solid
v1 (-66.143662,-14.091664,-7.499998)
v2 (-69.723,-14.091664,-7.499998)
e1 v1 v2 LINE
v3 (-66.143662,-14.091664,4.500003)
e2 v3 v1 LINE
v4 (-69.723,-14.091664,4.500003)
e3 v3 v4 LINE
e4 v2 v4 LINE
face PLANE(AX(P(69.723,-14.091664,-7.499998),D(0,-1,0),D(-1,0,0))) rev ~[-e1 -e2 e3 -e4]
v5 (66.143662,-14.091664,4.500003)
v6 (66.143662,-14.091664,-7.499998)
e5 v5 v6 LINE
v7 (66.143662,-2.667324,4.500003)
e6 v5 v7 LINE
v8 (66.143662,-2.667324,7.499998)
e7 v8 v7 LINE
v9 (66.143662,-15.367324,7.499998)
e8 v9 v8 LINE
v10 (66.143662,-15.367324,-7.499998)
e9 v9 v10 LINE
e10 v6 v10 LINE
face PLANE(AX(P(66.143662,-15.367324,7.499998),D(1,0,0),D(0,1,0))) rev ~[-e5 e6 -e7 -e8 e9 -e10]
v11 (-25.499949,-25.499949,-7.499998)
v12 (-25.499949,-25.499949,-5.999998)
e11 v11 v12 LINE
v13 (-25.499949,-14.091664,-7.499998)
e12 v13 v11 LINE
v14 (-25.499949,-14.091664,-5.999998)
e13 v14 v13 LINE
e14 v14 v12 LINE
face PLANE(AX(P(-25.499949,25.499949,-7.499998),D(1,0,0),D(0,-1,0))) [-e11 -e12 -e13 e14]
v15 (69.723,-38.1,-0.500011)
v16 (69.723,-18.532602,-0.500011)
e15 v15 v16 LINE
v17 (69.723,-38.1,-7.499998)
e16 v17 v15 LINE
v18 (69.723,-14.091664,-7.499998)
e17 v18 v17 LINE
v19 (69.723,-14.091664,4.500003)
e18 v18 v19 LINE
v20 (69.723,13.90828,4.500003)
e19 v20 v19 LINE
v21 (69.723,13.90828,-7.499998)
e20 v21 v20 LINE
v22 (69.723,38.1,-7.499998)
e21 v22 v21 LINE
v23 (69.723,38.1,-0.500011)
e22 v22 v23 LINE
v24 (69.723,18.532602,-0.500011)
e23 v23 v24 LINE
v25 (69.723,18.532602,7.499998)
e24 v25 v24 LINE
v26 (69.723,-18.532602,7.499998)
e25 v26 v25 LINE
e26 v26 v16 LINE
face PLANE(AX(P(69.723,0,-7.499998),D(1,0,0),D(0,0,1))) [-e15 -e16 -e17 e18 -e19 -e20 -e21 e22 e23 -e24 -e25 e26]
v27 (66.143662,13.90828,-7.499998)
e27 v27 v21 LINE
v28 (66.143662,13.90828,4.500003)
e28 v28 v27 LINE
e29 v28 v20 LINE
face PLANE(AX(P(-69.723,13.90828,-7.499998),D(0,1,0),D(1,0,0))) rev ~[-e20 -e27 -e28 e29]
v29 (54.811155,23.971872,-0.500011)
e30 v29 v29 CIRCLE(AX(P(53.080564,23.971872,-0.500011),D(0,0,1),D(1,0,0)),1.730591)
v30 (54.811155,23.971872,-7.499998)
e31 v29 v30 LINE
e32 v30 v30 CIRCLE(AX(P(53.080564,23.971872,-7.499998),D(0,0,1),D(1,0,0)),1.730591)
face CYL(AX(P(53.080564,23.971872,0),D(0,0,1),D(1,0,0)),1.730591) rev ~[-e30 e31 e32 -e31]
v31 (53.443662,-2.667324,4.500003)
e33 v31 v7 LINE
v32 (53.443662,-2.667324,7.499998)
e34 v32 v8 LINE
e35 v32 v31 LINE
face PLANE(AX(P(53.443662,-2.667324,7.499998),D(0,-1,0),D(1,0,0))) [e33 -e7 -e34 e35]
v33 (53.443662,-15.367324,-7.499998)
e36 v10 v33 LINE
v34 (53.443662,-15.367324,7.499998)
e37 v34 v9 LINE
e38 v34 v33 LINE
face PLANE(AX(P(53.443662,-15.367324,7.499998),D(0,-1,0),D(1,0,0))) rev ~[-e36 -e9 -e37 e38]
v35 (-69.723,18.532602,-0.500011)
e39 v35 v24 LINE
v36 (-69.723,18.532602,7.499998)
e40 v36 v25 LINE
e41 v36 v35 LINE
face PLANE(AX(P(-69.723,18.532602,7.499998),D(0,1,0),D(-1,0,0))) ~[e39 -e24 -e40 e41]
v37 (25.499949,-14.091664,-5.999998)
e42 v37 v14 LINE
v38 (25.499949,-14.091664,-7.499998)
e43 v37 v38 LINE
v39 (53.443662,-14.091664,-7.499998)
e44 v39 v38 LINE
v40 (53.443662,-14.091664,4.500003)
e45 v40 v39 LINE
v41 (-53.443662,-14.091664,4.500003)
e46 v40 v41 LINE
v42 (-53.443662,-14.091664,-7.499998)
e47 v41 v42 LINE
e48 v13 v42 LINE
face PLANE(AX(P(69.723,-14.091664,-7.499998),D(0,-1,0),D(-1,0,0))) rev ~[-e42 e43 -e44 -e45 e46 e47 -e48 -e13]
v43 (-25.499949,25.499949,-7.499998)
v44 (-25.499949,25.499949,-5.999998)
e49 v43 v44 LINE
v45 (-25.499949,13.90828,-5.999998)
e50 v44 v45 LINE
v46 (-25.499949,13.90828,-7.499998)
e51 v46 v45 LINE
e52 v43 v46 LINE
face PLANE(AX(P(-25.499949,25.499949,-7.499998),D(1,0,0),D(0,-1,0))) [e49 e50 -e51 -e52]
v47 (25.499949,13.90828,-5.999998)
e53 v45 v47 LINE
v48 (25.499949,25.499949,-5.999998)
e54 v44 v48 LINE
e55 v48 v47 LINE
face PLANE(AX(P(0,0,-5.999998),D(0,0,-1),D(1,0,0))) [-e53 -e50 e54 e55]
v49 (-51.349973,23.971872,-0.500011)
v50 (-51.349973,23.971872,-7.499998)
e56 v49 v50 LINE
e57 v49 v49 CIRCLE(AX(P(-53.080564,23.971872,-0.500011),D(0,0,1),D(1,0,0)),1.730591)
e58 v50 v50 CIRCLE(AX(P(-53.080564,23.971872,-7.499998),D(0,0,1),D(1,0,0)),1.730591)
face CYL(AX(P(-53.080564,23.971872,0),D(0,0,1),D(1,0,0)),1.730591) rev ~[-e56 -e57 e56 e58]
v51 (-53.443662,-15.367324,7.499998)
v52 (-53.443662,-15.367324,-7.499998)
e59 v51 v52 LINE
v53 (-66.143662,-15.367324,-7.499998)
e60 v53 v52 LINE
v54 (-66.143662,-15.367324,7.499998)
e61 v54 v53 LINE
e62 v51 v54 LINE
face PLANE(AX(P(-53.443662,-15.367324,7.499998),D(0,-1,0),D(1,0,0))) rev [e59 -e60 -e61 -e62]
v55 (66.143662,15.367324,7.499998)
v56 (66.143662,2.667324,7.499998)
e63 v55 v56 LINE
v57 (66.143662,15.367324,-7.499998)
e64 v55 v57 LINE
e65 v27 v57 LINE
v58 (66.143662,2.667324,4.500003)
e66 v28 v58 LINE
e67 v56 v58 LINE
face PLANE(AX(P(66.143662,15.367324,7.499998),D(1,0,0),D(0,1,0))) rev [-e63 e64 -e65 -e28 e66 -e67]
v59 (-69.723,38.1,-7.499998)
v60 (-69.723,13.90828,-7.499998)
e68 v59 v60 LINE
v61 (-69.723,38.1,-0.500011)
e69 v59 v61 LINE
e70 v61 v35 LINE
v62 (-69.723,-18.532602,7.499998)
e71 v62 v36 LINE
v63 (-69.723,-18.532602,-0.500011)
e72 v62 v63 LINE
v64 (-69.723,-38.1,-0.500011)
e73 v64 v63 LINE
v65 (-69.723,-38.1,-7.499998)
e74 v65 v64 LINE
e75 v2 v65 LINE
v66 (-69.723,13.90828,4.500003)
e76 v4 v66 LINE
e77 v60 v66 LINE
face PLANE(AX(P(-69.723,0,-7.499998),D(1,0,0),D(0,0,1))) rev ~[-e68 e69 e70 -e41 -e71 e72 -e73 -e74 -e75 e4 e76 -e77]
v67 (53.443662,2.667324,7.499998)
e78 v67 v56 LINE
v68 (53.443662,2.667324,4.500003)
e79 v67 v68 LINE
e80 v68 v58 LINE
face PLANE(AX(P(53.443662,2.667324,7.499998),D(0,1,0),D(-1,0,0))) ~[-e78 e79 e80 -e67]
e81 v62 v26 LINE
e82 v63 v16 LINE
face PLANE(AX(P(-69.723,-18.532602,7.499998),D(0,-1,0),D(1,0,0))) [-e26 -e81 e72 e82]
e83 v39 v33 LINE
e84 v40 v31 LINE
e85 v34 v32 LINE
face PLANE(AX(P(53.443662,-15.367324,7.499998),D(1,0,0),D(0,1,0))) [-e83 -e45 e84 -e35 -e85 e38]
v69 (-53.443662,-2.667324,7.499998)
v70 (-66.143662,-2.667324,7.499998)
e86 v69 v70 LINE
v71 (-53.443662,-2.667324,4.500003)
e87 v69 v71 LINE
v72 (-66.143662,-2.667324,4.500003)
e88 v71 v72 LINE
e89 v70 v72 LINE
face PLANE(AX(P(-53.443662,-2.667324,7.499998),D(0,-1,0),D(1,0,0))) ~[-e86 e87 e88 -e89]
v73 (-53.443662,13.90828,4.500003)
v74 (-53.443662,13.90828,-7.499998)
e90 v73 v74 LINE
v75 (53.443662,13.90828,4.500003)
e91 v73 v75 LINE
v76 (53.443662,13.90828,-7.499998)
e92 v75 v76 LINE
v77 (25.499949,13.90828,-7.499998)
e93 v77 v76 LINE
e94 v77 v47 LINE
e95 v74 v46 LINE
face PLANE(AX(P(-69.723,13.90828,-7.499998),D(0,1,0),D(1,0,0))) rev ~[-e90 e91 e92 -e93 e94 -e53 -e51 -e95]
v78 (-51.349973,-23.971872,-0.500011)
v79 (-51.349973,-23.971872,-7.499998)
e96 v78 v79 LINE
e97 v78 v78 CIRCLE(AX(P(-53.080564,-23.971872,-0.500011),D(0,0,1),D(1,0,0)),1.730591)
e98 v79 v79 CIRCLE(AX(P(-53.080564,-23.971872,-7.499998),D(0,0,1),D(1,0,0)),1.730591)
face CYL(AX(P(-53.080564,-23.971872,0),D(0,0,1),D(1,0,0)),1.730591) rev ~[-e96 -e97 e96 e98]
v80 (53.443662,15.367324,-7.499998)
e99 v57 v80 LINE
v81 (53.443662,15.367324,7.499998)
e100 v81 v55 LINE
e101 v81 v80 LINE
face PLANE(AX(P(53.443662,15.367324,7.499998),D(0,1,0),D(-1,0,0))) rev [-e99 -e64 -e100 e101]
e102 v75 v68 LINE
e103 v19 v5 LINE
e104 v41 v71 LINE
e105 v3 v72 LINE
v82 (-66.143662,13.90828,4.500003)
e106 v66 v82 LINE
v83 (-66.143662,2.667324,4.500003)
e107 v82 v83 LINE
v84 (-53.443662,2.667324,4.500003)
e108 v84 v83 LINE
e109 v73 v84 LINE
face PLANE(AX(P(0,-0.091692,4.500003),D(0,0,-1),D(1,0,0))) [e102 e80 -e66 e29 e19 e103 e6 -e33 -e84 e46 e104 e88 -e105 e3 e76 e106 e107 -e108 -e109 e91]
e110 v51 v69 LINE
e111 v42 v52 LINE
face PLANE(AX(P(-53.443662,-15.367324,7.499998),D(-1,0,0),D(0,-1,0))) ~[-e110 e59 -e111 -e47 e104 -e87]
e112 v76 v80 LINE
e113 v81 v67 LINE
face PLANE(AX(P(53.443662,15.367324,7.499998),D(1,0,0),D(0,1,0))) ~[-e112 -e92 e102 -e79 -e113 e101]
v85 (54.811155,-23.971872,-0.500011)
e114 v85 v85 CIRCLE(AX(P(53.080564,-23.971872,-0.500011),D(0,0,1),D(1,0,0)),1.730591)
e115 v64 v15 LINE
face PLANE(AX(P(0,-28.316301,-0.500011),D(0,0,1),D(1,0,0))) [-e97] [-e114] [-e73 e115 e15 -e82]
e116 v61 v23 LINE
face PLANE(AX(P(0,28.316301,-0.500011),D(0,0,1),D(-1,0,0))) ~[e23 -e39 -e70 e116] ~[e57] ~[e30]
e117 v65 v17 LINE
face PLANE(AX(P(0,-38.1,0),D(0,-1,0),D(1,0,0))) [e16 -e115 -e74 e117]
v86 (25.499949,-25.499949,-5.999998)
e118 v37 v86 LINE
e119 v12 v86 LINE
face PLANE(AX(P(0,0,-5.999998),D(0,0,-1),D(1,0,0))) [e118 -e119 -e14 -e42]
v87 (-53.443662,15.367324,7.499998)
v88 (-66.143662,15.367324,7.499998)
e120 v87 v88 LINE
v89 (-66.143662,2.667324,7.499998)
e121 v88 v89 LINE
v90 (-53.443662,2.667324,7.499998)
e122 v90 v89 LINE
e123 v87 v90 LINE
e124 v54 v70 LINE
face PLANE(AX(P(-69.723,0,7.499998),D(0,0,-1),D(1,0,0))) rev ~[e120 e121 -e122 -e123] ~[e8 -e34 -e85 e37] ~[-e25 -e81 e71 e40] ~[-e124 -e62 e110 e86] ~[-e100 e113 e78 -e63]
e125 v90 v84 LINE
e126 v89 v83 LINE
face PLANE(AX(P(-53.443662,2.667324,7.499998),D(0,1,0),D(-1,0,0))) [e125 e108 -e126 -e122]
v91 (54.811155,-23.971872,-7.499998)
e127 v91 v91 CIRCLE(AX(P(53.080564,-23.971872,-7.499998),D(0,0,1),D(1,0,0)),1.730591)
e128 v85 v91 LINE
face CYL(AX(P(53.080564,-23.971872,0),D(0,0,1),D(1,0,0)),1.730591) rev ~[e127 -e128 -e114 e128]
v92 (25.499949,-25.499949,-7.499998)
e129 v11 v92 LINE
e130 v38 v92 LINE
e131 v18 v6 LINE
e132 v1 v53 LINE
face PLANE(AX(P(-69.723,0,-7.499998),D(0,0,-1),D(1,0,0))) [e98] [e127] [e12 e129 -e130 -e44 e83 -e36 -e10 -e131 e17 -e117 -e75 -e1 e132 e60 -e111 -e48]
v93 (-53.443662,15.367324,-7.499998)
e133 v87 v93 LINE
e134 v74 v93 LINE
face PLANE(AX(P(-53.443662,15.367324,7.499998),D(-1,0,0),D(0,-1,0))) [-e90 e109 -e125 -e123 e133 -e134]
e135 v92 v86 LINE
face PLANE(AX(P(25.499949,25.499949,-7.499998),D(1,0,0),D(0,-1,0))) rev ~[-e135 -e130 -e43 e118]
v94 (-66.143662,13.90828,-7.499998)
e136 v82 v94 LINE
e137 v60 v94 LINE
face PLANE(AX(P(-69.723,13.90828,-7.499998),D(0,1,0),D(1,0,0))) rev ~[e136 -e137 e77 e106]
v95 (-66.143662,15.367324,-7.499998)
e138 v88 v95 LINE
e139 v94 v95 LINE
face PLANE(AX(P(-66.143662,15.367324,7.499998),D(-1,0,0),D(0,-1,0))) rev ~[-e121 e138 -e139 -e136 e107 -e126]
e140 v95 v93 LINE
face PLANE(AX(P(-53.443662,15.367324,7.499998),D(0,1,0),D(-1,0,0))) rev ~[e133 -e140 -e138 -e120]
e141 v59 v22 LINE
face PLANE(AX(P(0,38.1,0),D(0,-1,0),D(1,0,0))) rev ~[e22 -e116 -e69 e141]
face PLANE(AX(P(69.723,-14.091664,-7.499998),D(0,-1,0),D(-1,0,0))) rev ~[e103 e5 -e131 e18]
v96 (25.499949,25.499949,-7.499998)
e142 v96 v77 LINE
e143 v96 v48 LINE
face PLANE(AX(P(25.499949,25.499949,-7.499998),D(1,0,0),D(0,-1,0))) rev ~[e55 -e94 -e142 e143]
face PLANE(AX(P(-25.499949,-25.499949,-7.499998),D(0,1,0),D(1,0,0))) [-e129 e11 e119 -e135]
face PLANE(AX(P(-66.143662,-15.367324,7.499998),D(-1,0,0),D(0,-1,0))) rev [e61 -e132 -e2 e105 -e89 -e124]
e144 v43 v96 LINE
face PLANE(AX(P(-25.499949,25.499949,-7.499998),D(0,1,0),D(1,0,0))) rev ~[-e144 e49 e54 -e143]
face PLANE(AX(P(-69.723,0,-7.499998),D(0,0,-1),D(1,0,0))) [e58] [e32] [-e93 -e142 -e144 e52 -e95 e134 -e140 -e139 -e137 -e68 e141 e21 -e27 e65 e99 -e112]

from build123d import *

# Parameters (mm, degrees)
F0_W      = 139.446
F0_H      = 14.999996
F1_DEPTH  = 38.1
F2_W      = 139.446
F2_H      = 19.567398
F3_DEPTH  = 8.000009
F5_W      = 12.7
F5_H      = 12.7
F6_DEPTH  = 21.844
F9_R      = 1.730591
F10_DEPTH = 42.164
F12_W     = 50.999898
F12_H     = 50.999898
F13_DEPTH = 1.5
F14_DEPTH = 12.000001


with BuildPart() as f1:
    # F0 (on Front) → F1 (new body, symmetric)
    with BuildSketch(Plane.XZ):
        Rectangle(F0_W, F0_H)
    extrude(amount=F1_DEPTH, both=True)

    # F2 (on face) → F3 (cut)
    with BuildSketch(Plane.XY.offset(7.499998)):
        with Locations((0, -28.316301)):
            Rectangle(F2_W, F2_H)
    extrude(amount=-F3_DEPTH, mode=Mode.SUBTRACT)

    # F4: F1 across plane


with BuildPart() as f1_1:
    add(f1.part)
    add(f1.part.mirror(Plane.XZ), mode=Mode.INTERSECT)

    # F5 (on face) → F6 (cut)
    with BuildSketch(Plane.XY.offset(7.499998)):
        with Locations((59.793662, -9.017324)):
            Rectangle(F5_W, F5_H)
    extrude(amount=-F6_DEPTH, mode=Mode.SUBTRACT)

    # F7: F1 across plane


with BuildPart() as f1_2:
    add(f1_1.part)
    add(f1_1.part.mirror(Plane.XZ), mode=Mode.INTERSECT)

    # F8: F1 across plane


with BuildPart() as f1_3:
    add(f1_2.part)
    add(f1_2.part.mirror(Plane.YZ), mode=Mode.INTERSECT)

    # F9 (on Top) → F10 (cut)
    with BuildSketch(Plane.XY):
        with Locations((53.080564, -23.971872)):
            Circle(F9_R)
        with Locations((53.080564, 23.971872)):
            Circle(F9_R)
        with Locations((-53.080564, 23.971872)):
            Circle(F9_R)
        with Locations((-53.080564, -23.971872)):
            Circle(F9_R)
    extrude(amount=-F10_DEPTH, mode=Mode.SUBTRACT)

    # F12 (on face) → F13 (cut)
    with BuildSketch(Plane(origin=(0, 0, -7.499998), x_dir=(1, 0, 0), z_dir=(0, 0, -1))):
        Rectangle(F12_W, F12_H)
    extrude(amount=-F13_DEPTH, mode=Mode.SUBTRACT)

    # F11 (on face) → F14 (cut)
    with BuildSketch(Plane(origin=(0, 0, -7.499998), x_dir=(1, 0, 0), z_dir=(0, 0, -1))):
        Polygon((69.723, -13.90828), (69.723, 14.091664), (1.722882, 14.091664), (-69.723, 14.091664), (-69.723, -13.90828), (1.722882, -13.90828), align=None)
    extrude(amount=-F14_DEPTH, mode=Mode.SUBTRACT)


solid = f1_3.part
